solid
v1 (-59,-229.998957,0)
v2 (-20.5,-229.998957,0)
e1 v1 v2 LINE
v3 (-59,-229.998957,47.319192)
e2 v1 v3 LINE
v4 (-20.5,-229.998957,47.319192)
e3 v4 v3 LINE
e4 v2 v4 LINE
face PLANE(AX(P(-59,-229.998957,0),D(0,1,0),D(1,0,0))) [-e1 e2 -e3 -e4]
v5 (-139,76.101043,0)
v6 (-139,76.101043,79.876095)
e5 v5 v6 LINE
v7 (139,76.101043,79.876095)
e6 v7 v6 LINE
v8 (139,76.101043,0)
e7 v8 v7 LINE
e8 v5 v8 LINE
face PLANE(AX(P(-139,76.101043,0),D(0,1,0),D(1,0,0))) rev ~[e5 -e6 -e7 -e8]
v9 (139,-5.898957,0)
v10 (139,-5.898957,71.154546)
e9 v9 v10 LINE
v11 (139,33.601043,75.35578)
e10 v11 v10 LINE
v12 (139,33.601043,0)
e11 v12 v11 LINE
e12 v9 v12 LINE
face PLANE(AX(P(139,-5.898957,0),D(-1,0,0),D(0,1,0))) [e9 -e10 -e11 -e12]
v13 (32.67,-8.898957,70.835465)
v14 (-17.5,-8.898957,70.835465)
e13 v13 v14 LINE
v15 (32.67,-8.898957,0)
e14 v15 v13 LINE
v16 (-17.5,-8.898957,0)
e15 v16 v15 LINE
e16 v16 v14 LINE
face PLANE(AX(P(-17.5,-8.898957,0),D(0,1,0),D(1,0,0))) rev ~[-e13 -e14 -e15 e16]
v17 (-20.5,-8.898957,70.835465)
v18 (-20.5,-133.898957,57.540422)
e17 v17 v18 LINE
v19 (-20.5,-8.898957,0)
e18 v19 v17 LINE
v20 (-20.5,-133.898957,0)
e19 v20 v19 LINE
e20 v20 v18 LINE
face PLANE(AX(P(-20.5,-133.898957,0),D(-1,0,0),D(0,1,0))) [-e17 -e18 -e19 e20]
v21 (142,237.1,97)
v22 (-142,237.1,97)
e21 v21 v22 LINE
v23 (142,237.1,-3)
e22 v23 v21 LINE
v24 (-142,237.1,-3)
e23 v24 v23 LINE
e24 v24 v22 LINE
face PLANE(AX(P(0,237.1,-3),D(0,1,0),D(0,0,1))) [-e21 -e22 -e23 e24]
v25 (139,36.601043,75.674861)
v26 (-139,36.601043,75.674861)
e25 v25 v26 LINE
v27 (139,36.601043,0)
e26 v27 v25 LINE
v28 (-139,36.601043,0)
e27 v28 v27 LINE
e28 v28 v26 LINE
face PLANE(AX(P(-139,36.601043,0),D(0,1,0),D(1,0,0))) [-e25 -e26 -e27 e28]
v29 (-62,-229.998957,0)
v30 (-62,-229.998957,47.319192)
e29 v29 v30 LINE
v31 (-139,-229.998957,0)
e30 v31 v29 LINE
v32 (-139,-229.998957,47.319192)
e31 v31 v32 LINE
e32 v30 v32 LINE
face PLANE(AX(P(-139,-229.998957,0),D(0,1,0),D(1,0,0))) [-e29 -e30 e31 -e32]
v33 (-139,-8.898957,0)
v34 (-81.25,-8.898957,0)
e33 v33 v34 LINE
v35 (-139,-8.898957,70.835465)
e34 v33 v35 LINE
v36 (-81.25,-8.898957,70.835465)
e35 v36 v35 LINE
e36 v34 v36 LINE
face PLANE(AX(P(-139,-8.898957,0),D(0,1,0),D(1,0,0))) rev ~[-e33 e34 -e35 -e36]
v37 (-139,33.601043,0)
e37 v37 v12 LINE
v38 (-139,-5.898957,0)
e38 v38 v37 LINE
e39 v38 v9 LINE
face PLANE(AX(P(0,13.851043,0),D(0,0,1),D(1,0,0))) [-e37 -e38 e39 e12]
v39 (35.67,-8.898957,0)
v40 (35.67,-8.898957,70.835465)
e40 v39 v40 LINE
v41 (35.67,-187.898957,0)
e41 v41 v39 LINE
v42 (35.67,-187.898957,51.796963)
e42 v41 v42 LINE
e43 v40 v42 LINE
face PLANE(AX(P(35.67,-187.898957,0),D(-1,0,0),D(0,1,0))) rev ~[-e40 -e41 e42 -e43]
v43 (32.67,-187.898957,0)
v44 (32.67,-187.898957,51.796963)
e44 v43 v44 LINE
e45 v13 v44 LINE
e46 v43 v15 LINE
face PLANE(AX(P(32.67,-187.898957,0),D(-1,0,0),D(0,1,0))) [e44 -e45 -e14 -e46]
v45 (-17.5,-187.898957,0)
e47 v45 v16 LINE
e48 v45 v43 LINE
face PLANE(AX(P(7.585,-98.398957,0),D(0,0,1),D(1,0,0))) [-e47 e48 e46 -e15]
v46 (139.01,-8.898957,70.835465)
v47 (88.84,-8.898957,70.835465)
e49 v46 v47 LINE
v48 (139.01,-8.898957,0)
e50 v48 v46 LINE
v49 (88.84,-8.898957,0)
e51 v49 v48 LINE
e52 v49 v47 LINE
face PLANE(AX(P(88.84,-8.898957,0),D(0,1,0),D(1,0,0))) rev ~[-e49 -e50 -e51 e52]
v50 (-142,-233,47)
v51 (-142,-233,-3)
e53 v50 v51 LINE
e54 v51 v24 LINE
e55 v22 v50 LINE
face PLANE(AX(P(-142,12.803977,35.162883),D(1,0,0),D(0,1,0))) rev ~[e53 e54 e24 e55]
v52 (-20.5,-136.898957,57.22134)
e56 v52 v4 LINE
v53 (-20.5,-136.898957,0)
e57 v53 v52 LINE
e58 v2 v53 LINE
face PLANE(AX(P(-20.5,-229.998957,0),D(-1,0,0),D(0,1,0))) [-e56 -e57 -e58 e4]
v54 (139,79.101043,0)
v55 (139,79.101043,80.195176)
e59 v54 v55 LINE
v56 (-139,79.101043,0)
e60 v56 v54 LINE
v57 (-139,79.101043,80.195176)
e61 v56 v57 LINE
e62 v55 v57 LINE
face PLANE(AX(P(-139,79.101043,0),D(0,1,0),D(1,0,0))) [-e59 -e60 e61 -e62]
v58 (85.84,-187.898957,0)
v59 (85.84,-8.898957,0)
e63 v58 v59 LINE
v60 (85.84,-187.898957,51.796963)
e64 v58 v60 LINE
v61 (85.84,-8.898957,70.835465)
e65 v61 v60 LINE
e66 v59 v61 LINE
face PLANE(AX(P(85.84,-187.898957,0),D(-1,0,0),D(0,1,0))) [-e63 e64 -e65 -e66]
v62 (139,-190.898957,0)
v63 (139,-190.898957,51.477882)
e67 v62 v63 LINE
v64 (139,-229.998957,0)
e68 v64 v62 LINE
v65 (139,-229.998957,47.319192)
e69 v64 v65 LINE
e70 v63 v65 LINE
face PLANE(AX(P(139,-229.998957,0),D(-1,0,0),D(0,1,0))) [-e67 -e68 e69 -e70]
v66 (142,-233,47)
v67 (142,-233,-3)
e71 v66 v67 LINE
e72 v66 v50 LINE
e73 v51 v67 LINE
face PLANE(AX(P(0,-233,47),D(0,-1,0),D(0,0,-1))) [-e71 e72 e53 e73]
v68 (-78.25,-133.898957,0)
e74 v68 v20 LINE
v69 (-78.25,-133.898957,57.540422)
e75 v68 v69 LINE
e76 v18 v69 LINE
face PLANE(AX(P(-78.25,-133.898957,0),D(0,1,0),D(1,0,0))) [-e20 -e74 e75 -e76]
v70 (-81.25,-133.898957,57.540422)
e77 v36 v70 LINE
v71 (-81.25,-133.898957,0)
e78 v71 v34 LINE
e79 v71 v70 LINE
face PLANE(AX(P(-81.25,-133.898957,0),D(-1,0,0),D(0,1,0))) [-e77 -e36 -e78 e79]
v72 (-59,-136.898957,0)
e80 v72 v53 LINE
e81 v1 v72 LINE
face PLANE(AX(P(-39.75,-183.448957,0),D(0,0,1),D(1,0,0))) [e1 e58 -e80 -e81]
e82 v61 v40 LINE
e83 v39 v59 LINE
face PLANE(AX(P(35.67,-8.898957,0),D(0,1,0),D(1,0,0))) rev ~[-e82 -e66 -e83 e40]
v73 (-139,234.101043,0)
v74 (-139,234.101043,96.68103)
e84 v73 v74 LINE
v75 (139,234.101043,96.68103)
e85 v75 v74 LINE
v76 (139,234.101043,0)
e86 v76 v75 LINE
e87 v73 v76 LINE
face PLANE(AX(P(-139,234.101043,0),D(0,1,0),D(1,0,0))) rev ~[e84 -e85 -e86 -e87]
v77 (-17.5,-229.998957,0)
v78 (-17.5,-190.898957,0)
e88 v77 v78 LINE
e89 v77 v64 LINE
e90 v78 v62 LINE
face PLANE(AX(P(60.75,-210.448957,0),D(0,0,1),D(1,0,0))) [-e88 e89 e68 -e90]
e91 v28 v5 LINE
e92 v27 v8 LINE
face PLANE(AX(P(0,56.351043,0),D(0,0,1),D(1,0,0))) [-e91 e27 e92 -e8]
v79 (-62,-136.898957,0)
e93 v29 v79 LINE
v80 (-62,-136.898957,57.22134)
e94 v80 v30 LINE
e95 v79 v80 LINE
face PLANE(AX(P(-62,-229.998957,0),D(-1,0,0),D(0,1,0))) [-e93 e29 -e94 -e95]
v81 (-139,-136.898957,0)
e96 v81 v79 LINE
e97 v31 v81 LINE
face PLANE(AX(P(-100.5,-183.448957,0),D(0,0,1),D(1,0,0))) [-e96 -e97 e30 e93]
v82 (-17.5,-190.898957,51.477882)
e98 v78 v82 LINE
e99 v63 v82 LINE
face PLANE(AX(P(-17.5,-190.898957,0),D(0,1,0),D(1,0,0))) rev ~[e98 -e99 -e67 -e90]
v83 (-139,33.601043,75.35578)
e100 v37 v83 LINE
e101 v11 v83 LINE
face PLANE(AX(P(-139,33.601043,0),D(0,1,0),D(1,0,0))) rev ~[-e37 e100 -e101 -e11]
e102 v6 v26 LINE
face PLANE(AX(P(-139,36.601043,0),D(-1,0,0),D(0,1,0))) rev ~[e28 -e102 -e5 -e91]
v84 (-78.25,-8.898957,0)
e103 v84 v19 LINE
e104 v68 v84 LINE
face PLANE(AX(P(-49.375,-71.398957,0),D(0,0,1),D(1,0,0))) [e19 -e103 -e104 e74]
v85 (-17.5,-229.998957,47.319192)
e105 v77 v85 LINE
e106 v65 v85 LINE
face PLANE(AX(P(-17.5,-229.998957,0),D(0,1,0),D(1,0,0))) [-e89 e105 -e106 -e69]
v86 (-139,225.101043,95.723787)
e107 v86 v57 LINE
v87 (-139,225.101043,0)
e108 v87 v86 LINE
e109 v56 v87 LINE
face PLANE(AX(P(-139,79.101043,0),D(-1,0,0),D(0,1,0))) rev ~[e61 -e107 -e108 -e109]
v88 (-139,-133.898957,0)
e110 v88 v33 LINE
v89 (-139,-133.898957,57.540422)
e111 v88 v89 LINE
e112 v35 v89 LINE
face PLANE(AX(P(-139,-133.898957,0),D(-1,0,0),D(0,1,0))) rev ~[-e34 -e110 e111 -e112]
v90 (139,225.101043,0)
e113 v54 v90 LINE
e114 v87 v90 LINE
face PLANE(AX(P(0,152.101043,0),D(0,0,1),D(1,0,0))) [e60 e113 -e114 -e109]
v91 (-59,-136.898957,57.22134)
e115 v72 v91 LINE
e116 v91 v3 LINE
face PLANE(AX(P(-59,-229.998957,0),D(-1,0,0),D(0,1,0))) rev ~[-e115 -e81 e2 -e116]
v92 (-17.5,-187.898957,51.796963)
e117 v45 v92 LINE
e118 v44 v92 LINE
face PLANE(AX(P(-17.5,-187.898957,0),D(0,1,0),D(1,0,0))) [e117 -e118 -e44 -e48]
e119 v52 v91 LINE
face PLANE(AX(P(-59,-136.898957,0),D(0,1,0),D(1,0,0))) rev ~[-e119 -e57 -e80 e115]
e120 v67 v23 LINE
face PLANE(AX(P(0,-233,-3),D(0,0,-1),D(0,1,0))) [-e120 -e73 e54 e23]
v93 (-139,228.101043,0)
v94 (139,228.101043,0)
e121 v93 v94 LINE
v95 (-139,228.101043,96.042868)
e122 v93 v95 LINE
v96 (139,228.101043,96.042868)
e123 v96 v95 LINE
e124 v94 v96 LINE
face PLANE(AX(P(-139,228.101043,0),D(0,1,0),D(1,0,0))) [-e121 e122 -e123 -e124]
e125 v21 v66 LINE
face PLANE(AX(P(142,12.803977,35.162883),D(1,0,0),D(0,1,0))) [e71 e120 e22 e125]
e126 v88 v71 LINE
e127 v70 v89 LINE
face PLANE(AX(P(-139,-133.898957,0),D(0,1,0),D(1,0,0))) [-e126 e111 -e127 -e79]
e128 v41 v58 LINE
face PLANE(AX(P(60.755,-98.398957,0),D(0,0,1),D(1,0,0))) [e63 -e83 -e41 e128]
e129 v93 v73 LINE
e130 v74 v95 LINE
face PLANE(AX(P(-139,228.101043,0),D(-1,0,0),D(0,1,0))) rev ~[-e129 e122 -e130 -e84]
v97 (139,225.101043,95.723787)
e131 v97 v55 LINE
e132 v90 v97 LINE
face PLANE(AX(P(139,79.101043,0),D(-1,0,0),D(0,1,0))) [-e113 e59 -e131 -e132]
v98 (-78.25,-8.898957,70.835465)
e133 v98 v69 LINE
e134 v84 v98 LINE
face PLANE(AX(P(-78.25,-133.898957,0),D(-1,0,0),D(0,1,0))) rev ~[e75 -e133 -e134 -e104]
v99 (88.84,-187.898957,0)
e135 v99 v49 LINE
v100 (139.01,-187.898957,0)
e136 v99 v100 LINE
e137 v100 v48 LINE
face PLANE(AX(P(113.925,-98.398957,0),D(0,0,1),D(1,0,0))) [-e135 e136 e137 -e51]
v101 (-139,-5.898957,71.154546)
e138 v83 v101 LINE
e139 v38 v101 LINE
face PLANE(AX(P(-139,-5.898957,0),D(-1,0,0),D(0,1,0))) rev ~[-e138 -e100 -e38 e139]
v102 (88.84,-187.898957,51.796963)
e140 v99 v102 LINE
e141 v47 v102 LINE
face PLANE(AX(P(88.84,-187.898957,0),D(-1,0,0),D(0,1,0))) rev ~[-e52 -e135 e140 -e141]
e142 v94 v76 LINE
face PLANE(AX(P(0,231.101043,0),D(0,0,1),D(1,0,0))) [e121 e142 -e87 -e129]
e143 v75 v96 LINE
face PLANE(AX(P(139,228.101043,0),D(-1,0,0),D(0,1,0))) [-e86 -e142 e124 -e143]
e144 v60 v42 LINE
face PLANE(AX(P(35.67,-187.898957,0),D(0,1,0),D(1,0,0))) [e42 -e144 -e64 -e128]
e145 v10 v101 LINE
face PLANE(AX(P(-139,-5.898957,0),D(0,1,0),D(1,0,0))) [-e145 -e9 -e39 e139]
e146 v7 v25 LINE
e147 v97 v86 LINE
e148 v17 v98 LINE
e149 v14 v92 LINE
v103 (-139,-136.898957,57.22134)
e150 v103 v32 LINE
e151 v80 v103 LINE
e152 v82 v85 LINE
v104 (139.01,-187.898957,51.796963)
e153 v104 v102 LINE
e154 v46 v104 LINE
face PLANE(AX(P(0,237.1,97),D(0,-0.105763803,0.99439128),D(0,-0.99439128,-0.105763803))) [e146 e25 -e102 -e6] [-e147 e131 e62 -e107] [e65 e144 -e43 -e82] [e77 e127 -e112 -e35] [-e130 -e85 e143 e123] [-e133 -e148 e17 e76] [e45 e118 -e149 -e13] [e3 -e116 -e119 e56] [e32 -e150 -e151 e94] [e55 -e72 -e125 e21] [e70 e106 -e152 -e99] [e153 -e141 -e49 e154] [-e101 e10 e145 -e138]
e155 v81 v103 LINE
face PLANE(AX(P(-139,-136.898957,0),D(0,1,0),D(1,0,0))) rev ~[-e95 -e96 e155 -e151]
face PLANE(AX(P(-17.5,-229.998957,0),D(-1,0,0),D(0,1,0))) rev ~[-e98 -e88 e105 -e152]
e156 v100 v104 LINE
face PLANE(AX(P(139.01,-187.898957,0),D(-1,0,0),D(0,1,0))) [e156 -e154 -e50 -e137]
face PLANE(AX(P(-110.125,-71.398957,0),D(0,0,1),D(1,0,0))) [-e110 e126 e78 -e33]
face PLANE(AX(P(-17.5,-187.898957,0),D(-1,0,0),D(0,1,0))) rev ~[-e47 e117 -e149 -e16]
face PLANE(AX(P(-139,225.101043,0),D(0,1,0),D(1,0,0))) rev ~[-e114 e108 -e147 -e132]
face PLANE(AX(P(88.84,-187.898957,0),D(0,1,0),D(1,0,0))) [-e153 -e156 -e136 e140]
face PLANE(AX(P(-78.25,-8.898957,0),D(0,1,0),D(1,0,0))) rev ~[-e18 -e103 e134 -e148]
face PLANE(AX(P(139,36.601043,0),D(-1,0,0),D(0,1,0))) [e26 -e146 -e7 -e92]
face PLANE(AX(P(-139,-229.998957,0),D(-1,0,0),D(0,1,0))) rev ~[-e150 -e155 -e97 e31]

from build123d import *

# Parameters (mm, degrees)
PAD_DEPTH     = 142
SKETCH001_W   = 278
SKETCH001_H   = 146
SKETCH001_H_2 = 39.5
SKETCH001_W_2 = 57.75
SKETCH001_H_3 = 125
SKETCH001_W_3 = 77
SKETCH001_H_4 = 93.1
SKETCH001_W_4 = 38.5
SKETCH001_W_5 = 50.17
SKETCH001_H_5 = 179
SKETCH001_W_6 = 156.5
SKETCH001_H_6 = 39.1
SKETCH001_H_7 = 6
POCKET_DEPTH  = 100


with BuildPart() as part:
    # Sketch → Pad (new body, symmetric)
    with BuildSketch(Plane.YZ):
        Polygon((-233, 47), (-233, -3), (237.1, -3), (237.1, 97), align=None)
    extrude(amount=PAD_DEPTH, both=True)

    # Sketch001 → Pocket (cut)
    with BuildSketch(Plane.XY):
        with Locations((0, 152.101043)):
            Rectangle(SKETCH001_W, SKETCH001_H)
        with Locations((0, 56.351043)):
            Rectangle(SKETCH001_W, SKETCH001_H_2)
        with Locations((0, 13.851043)):
            Rectangle(SKETCH001_W, SKETCH001_H_2)
        with Locations((-110.125, -71.398957)):
            Rectangle(SKETCH001_W_2, SKETCH001_H_3)
        with Locations((-49.375, -71.398957)):
            Rectangle(SKETCH001_W_2, SKETCH001_H_3)
        with Locations((-100.5, -183.448957)):
            Rectangle(SKETCH001_W_3, SKETCH001_H_4)
        with Locations((-39.75, -183.448957)):
            Rectangle(SKETCH001_W_4, SKETCH001_H_4)
        with Locations((7.585, -98.398957)):
            Rectangle(SKETCH001_W_5, SKETCH001_H_5)
        with Locations((60.755, -98.398957)):
            Rectangle(SKETCH001_W_5, SKETCH001_H_5)
        with Locations((113.925, -98.398957)):
            Rectangle(SKETCH001_W_5, SKETCH001_H_5)
        with Locations((60.75, -210.448957)):
            Rectangle(SKETCH001_W_6, SKETCH001_H_6)
        with Locations((0, 231.101043)):
            Rectangle(SKETCH001_W, SKETCH001_H_7)
    extrude(amount=POCKET_DEPTH, mode=Mode.SUBTRACT)


solid = part.part
